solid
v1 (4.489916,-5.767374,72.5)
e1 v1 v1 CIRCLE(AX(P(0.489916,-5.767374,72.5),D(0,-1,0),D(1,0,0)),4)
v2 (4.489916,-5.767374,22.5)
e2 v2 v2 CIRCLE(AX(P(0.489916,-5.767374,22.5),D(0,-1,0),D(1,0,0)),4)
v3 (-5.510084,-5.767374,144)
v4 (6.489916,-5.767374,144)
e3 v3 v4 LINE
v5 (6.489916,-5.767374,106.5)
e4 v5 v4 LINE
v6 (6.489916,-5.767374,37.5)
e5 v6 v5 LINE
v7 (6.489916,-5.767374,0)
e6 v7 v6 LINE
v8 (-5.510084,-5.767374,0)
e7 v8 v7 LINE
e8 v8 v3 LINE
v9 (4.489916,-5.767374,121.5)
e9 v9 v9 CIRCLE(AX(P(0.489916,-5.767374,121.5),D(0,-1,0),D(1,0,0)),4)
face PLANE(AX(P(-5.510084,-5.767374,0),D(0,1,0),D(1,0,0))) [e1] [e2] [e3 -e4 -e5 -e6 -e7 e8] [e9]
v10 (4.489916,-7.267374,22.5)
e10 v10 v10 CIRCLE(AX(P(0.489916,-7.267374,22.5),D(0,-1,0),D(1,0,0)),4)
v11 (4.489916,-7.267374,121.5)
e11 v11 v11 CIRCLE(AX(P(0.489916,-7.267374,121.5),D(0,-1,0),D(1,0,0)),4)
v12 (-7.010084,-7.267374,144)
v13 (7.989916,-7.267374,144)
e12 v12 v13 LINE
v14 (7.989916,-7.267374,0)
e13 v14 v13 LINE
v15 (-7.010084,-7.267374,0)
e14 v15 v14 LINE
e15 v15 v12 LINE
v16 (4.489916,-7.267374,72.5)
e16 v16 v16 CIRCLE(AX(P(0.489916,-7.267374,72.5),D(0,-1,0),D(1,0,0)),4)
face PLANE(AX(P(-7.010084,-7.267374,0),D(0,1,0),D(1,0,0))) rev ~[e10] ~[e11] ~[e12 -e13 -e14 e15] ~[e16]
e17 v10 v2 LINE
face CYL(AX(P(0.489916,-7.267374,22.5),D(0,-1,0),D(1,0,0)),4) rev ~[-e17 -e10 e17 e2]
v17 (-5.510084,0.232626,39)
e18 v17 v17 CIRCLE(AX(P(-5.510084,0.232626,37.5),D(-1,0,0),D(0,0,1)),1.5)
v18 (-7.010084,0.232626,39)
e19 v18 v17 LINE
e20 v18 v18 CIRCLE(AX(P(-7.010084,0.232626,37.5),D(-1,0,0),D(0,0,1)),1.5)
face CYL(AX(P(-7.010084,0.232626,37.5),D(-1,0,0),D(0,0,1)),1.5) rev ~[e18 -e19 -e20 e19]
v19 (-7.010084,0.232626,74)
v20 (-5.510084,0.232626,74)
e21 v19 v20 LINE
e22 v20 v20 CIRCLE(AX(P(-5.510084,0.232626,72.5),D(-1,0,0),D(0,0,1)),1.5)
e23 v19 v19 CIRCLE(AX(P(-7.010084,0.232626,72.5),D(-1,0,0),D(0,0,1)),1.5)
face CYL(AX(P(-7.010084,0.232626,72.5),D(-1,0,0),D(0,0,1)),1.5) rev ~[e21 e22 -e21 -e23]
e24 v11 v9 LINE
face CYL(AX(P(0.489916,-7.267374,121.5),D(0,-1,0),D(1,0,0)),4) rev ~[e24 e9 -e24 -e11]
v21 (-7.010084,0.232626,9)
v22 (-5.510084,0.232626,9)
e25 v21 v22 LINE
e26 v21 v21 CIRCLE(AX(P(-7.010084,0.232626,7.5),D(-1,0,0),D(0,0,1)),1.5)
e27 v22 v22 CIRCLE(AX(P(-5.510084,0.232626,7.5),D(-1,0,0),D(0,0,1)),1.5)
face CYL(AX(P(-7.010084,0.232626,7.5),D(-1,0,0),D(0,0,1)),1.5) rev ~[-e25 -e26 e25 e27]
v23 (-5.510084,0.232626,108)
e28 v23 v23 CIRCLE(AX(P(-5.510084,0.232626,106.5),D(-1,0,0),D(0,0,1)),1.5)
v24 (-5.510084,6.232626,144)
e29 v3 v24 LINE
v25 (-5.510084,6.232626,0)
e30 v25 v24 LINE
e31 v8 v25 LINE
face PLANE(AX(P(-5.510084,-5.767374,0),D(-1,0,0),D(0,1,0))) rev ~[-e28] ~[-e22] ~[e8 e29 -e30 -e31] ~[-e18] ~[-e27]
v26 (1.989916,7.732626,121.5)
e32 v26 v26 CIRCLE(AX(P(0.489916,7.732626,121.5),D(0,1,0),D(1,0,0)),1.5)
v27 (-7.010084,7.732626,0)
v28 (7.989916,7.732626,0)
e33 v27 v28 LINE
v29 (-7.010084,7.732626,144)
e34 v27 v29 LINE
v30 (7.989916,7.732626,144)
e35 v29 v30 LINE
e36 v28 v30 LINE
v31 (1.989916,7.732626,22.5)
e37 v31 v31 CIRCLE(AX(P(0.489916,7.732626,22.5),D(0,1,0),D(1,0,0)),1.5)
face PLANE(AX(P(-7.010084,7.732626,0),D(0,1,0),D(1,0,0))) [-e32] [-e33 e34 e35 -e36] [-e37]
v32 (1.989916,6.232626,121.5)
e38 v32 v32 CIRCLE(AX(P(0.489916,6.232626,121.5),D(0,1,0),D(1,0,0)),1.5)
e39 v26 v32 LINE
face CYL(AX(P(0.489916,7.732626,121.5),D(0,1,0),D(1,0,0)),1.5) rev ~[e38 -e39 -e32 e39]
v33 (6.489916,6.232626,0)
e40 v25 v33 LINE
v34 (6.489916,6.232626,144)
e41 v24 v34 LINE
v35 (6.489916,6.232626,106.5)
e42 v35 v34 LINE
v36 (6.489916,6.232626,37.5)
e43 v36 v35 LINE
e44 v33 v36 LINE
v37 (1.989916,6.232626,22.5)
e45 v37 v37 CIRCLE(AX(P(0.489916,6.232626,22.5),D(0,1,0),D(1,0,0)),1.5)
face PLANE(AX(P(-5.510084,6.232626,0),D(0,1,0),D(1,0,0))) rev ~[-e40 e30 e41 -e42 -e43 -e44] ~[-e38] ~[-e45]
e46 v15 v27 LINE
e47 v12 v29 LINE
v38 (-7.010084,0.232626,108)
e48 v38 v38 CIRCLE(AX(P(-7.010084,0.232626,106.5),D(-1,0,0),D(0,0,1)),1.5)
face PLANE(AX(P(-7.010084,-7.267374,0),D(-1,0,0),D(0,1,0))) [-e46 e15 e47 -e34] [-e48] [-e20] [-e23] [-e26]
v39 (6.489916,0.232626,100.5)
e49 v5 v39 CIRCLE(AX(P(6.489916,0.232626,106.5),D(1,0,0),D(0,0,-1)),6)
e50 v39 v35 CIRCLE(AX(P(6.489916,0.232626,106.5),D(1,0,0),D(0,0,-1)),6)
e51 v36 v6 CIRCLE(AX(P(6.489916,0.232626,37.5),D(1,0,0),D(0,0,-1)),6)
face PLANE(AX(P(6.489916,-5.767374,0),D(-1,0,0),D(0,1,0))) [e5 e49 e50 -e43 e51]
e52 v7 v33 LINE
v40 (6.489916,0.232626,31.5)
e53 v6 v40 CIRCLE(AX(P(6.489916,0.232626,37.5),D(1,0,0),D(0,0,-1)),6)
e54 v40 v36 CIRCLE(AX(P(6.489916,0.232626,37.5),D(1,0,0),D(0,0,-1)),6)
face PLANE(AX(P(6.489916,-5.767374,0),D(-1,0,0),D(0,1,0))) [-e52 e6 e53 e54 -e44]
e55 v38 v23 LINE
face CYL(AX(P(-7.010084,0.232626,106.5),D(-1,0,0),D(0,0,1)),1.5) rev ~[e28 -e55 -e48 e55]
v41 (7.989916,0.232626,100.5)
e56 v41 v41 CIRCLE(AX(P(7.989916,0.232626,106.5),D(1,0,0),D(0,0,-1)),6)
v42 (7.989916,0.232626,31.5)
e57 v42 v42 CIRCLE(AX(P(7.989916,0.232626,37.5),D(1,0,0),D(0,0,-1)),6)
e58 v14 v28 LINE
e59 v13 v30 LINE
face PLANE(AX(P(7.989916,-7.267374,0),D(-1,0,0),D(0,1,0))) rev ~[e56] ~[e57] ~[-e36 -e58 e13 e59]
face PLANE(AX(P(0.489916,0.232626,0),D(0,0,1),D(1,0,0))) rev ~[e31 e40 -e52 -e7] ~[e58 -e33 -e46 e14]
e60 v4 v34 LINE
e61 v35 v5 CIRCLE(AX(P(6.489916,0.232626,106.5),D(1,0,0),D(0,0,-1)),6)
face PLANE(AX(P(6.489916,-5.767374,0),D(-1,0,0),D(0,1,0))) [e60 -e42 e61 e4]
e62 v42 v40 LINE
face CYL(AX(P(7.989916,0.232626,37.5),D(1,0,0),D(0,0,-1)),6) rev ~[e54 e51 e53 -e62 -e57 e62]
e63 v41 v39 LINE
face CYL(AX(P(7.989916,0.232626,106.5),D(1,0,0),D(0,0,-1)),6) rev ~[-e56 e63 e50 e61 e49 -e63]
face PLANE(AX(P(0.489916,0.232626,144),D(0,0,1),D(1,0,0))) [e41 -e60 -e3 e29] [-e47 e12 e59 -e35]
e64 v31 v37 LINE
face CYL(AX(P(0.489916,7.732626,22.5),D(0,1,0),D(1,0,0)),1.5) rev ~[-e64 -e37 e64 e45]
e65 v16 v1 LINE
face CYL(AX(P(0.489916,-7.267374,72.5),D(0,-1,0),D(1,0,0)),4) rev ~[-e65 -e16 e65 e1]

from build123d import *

# Parameters (mm, degrees)
SKETCH_1_W           = 15
SKETCH_1_H           = 15
SKETCH_1_W_2         = 12
SKETCH_1_H_2         = 12
EXTRUDE_2_DEPTH      = 144
SKETCH_2_R           = 1.5
CUT_EXTRUDE_1_DEPTH  = 10
SKETCH_3_R           = 1.5
CUT_EXTRUDE_2_DEPTH  = 10
SKETCH_4_R           = 1.5
CUT_EXTRUDE_4_DEPTH  = 10
SKETCH_6_R           = 1.5
CUT_EXTRUDE_5_DEPTH  = 10
SKETCH_7_R           = 4
CUT_EXTRUDE_6_DEPTH  = 10
SKETCH_8_R           = 4
CUT_EXTRUDE_7_DEPTH  = 10
SKETCH_9_R           = 1.5
CUT_EXTRUDE_8_DEPTH  = 10
SKETCH_10_R          = 6
CUT_EXTRUDE_9_DEPTH  = 10
SKETCH_11_R          = 4
CUT_EXTRUDE_10_DEPTH = 10
SKETCH_12_R          = 1.5
CUT_EXTRUDE_11_DEPTH = 10
SKETCH_13_R          = 6
CUT_EXTRUDE_12_DEPTH = 10


with BuildPart() as part:
    # ｽｹｯﾁ1 → ﾎﾞｽ - 押し出し2 (new body)
    with BuildSketch(Plane.XY):
        with Locations((0.489915859, 0.232626086)):
            Rectangle(SKETCH_1_W, SKETCH_1_H)
        with Locations((0.489915859, 0.232626086)):
            Rectangle(SKETCH_1_W_2, SKETCH_1_H_2, mode=Mode.SUBTRACT)
    extrude(amount=EXTRUDE_2_DEPTH)

    # ｽｹｯﾁ2 → ｶｯﾄ - 押し出し1 (cut)
    with BuildSketch(Plane.ZY.offset(7.010084141)):
        with Locations((72.5, 0.232626086)):
            Circle(SKETCH_2_R)
    extrude(amount=-CUT_EXTRUDE_1_DEPTH, mode=Mode.SUBTRACT)

    # ｽｹｯﾁ3 → ｶｯﾄ - 押し出し2 (cut)
    with BuildSketch(Plane(origin=(0, 7.732626086, 0), x_dir=(1, 0, 0), z_dir=(0, 1, 0))):
        with Locations((0.489915859, -22.5)):
            Circle(SKETCH_3_R)
    extrude(amount=-CUT_EXTRUDE_2_DEPTH, mode=Mode.SUBTRACT)

    # ｽｹｯﾁ4 → ｶｯﾄ - 押し出し4 (cut)
    with BuildSketch(Plane(origin=(0, 7.732626086, 0), x_dir=(1, 0, 0), z_dir=(0, 1, 0))):
        with Locations((0.489915859, -121.5)):
            Circle(SKETCH_4_R)
    extrude(amount=-CUT_EXTRUDE_4_DEPTH, mode=Mode.SUBTRACT)

    # ｽｹｯﾁ6 → ｶｯﾄ - 押し出し5 (cut)
    with BuildSketch(Plane.ZY.offset(7.010084141)):
        with Locations((7.5, 0.232626086)):
            Circle(SKETCH_6_R)
    extrude(amount=-CUT_EXTRUDE_5_DEPTH, mode=Mode.SUBTRACT)

    # ｽｹｯﾁ7 → ｶｯﾄ - 押し出し6 (cut)
    with BuildSketch(Plane.XZ.offset(7.267373914)):
        with Locations((0.489915859, 22.5)):
            Circle(SKETCH_7_R)
    extrude(amount=-CUT_EXTRUDE_6_DEPTH, mode=Mode.SUBTRACT)

    # ｽｹｯﾁ8 → ｶｯﾄ - 押し出し7 (cut)
    with BuildSketch(Plane.XZ.offset(7.267373914)):
        with Locations((0.489915859, 121.5)):
            Circle(SKETCH_8_R)
    extrude(amount=-CUT_EXTRUDE_7_DEPTH, mode=Mode.SUBTRACT)

    # ｽｹｯﾁ9 → ｶｯﾄ - 押し出し8 (cut)
    with BuildSketch(Plane.ZY.offset(7.010084141)):
        with Locations((37.5, 0.232626086)):
            Circle(SKETCH_9_R)
    extrude(amount=-CUT_EXTRUDE_8_DEPTH, mode=Mode.SUBTRACT)

    # ｽｹｯﾁ10 → ｶｯﾄ - 押し出し9 (cut)
    with BuildSketch(Plane(origin=(7.989915859, 0, 0), x_dir=(0, 0, -1), z_dir=(1, 0, 0))):
        with Locations((-37.5, 0.232626086)):
            Circle(SKETCH_10_R)
    extrude(amount=-CUT_EXTRUDE_9_DEPTH, mode=Mode.SUBTRACT)

    # ｽｹｯﾁ11 → ｶｯﾄ - 押し出し10 (cut)
    with BuildSketch(Plane.XZ.offset(7.267373914)):
        with Locations((0.489915859, 72.5)):
            Circle(SKETCH_11_R)
    extrude(amount=-CUT_EXTRUDE_10_DEPTH, mode=Mode.SUBTRACT)

    # ｽｹｯﾁ12 → ｶｯﾄ - 押し出し11 (cut)
    with BuildSketch(Plane.ZY.offset(7.010084141)):
        with Locations((106.5, 0.232626086)):
            Circle(SKETCH_12_R)
    extrude(amount=-CUT_EXTRUDE_11_DEPTH, mode=Mode.SUBTRACT)

    # ｽｹｯﾁ13 → ｶｯﾄ - 押し出し12 (cut)
    with BuildSketch(Plane(origin=(7.989915859, 0, 0), x_dir=(0, 0, -1), z_dir=(1, 0, 0))):
        with Locations((-106.5, 0.232626086)):
            Circle(SKETCH_13_R)
    extrude(amount=-CUT_EXTRUDE_12_DEPTH, mode=Mode.SUBTRACT)


solid = part.part
